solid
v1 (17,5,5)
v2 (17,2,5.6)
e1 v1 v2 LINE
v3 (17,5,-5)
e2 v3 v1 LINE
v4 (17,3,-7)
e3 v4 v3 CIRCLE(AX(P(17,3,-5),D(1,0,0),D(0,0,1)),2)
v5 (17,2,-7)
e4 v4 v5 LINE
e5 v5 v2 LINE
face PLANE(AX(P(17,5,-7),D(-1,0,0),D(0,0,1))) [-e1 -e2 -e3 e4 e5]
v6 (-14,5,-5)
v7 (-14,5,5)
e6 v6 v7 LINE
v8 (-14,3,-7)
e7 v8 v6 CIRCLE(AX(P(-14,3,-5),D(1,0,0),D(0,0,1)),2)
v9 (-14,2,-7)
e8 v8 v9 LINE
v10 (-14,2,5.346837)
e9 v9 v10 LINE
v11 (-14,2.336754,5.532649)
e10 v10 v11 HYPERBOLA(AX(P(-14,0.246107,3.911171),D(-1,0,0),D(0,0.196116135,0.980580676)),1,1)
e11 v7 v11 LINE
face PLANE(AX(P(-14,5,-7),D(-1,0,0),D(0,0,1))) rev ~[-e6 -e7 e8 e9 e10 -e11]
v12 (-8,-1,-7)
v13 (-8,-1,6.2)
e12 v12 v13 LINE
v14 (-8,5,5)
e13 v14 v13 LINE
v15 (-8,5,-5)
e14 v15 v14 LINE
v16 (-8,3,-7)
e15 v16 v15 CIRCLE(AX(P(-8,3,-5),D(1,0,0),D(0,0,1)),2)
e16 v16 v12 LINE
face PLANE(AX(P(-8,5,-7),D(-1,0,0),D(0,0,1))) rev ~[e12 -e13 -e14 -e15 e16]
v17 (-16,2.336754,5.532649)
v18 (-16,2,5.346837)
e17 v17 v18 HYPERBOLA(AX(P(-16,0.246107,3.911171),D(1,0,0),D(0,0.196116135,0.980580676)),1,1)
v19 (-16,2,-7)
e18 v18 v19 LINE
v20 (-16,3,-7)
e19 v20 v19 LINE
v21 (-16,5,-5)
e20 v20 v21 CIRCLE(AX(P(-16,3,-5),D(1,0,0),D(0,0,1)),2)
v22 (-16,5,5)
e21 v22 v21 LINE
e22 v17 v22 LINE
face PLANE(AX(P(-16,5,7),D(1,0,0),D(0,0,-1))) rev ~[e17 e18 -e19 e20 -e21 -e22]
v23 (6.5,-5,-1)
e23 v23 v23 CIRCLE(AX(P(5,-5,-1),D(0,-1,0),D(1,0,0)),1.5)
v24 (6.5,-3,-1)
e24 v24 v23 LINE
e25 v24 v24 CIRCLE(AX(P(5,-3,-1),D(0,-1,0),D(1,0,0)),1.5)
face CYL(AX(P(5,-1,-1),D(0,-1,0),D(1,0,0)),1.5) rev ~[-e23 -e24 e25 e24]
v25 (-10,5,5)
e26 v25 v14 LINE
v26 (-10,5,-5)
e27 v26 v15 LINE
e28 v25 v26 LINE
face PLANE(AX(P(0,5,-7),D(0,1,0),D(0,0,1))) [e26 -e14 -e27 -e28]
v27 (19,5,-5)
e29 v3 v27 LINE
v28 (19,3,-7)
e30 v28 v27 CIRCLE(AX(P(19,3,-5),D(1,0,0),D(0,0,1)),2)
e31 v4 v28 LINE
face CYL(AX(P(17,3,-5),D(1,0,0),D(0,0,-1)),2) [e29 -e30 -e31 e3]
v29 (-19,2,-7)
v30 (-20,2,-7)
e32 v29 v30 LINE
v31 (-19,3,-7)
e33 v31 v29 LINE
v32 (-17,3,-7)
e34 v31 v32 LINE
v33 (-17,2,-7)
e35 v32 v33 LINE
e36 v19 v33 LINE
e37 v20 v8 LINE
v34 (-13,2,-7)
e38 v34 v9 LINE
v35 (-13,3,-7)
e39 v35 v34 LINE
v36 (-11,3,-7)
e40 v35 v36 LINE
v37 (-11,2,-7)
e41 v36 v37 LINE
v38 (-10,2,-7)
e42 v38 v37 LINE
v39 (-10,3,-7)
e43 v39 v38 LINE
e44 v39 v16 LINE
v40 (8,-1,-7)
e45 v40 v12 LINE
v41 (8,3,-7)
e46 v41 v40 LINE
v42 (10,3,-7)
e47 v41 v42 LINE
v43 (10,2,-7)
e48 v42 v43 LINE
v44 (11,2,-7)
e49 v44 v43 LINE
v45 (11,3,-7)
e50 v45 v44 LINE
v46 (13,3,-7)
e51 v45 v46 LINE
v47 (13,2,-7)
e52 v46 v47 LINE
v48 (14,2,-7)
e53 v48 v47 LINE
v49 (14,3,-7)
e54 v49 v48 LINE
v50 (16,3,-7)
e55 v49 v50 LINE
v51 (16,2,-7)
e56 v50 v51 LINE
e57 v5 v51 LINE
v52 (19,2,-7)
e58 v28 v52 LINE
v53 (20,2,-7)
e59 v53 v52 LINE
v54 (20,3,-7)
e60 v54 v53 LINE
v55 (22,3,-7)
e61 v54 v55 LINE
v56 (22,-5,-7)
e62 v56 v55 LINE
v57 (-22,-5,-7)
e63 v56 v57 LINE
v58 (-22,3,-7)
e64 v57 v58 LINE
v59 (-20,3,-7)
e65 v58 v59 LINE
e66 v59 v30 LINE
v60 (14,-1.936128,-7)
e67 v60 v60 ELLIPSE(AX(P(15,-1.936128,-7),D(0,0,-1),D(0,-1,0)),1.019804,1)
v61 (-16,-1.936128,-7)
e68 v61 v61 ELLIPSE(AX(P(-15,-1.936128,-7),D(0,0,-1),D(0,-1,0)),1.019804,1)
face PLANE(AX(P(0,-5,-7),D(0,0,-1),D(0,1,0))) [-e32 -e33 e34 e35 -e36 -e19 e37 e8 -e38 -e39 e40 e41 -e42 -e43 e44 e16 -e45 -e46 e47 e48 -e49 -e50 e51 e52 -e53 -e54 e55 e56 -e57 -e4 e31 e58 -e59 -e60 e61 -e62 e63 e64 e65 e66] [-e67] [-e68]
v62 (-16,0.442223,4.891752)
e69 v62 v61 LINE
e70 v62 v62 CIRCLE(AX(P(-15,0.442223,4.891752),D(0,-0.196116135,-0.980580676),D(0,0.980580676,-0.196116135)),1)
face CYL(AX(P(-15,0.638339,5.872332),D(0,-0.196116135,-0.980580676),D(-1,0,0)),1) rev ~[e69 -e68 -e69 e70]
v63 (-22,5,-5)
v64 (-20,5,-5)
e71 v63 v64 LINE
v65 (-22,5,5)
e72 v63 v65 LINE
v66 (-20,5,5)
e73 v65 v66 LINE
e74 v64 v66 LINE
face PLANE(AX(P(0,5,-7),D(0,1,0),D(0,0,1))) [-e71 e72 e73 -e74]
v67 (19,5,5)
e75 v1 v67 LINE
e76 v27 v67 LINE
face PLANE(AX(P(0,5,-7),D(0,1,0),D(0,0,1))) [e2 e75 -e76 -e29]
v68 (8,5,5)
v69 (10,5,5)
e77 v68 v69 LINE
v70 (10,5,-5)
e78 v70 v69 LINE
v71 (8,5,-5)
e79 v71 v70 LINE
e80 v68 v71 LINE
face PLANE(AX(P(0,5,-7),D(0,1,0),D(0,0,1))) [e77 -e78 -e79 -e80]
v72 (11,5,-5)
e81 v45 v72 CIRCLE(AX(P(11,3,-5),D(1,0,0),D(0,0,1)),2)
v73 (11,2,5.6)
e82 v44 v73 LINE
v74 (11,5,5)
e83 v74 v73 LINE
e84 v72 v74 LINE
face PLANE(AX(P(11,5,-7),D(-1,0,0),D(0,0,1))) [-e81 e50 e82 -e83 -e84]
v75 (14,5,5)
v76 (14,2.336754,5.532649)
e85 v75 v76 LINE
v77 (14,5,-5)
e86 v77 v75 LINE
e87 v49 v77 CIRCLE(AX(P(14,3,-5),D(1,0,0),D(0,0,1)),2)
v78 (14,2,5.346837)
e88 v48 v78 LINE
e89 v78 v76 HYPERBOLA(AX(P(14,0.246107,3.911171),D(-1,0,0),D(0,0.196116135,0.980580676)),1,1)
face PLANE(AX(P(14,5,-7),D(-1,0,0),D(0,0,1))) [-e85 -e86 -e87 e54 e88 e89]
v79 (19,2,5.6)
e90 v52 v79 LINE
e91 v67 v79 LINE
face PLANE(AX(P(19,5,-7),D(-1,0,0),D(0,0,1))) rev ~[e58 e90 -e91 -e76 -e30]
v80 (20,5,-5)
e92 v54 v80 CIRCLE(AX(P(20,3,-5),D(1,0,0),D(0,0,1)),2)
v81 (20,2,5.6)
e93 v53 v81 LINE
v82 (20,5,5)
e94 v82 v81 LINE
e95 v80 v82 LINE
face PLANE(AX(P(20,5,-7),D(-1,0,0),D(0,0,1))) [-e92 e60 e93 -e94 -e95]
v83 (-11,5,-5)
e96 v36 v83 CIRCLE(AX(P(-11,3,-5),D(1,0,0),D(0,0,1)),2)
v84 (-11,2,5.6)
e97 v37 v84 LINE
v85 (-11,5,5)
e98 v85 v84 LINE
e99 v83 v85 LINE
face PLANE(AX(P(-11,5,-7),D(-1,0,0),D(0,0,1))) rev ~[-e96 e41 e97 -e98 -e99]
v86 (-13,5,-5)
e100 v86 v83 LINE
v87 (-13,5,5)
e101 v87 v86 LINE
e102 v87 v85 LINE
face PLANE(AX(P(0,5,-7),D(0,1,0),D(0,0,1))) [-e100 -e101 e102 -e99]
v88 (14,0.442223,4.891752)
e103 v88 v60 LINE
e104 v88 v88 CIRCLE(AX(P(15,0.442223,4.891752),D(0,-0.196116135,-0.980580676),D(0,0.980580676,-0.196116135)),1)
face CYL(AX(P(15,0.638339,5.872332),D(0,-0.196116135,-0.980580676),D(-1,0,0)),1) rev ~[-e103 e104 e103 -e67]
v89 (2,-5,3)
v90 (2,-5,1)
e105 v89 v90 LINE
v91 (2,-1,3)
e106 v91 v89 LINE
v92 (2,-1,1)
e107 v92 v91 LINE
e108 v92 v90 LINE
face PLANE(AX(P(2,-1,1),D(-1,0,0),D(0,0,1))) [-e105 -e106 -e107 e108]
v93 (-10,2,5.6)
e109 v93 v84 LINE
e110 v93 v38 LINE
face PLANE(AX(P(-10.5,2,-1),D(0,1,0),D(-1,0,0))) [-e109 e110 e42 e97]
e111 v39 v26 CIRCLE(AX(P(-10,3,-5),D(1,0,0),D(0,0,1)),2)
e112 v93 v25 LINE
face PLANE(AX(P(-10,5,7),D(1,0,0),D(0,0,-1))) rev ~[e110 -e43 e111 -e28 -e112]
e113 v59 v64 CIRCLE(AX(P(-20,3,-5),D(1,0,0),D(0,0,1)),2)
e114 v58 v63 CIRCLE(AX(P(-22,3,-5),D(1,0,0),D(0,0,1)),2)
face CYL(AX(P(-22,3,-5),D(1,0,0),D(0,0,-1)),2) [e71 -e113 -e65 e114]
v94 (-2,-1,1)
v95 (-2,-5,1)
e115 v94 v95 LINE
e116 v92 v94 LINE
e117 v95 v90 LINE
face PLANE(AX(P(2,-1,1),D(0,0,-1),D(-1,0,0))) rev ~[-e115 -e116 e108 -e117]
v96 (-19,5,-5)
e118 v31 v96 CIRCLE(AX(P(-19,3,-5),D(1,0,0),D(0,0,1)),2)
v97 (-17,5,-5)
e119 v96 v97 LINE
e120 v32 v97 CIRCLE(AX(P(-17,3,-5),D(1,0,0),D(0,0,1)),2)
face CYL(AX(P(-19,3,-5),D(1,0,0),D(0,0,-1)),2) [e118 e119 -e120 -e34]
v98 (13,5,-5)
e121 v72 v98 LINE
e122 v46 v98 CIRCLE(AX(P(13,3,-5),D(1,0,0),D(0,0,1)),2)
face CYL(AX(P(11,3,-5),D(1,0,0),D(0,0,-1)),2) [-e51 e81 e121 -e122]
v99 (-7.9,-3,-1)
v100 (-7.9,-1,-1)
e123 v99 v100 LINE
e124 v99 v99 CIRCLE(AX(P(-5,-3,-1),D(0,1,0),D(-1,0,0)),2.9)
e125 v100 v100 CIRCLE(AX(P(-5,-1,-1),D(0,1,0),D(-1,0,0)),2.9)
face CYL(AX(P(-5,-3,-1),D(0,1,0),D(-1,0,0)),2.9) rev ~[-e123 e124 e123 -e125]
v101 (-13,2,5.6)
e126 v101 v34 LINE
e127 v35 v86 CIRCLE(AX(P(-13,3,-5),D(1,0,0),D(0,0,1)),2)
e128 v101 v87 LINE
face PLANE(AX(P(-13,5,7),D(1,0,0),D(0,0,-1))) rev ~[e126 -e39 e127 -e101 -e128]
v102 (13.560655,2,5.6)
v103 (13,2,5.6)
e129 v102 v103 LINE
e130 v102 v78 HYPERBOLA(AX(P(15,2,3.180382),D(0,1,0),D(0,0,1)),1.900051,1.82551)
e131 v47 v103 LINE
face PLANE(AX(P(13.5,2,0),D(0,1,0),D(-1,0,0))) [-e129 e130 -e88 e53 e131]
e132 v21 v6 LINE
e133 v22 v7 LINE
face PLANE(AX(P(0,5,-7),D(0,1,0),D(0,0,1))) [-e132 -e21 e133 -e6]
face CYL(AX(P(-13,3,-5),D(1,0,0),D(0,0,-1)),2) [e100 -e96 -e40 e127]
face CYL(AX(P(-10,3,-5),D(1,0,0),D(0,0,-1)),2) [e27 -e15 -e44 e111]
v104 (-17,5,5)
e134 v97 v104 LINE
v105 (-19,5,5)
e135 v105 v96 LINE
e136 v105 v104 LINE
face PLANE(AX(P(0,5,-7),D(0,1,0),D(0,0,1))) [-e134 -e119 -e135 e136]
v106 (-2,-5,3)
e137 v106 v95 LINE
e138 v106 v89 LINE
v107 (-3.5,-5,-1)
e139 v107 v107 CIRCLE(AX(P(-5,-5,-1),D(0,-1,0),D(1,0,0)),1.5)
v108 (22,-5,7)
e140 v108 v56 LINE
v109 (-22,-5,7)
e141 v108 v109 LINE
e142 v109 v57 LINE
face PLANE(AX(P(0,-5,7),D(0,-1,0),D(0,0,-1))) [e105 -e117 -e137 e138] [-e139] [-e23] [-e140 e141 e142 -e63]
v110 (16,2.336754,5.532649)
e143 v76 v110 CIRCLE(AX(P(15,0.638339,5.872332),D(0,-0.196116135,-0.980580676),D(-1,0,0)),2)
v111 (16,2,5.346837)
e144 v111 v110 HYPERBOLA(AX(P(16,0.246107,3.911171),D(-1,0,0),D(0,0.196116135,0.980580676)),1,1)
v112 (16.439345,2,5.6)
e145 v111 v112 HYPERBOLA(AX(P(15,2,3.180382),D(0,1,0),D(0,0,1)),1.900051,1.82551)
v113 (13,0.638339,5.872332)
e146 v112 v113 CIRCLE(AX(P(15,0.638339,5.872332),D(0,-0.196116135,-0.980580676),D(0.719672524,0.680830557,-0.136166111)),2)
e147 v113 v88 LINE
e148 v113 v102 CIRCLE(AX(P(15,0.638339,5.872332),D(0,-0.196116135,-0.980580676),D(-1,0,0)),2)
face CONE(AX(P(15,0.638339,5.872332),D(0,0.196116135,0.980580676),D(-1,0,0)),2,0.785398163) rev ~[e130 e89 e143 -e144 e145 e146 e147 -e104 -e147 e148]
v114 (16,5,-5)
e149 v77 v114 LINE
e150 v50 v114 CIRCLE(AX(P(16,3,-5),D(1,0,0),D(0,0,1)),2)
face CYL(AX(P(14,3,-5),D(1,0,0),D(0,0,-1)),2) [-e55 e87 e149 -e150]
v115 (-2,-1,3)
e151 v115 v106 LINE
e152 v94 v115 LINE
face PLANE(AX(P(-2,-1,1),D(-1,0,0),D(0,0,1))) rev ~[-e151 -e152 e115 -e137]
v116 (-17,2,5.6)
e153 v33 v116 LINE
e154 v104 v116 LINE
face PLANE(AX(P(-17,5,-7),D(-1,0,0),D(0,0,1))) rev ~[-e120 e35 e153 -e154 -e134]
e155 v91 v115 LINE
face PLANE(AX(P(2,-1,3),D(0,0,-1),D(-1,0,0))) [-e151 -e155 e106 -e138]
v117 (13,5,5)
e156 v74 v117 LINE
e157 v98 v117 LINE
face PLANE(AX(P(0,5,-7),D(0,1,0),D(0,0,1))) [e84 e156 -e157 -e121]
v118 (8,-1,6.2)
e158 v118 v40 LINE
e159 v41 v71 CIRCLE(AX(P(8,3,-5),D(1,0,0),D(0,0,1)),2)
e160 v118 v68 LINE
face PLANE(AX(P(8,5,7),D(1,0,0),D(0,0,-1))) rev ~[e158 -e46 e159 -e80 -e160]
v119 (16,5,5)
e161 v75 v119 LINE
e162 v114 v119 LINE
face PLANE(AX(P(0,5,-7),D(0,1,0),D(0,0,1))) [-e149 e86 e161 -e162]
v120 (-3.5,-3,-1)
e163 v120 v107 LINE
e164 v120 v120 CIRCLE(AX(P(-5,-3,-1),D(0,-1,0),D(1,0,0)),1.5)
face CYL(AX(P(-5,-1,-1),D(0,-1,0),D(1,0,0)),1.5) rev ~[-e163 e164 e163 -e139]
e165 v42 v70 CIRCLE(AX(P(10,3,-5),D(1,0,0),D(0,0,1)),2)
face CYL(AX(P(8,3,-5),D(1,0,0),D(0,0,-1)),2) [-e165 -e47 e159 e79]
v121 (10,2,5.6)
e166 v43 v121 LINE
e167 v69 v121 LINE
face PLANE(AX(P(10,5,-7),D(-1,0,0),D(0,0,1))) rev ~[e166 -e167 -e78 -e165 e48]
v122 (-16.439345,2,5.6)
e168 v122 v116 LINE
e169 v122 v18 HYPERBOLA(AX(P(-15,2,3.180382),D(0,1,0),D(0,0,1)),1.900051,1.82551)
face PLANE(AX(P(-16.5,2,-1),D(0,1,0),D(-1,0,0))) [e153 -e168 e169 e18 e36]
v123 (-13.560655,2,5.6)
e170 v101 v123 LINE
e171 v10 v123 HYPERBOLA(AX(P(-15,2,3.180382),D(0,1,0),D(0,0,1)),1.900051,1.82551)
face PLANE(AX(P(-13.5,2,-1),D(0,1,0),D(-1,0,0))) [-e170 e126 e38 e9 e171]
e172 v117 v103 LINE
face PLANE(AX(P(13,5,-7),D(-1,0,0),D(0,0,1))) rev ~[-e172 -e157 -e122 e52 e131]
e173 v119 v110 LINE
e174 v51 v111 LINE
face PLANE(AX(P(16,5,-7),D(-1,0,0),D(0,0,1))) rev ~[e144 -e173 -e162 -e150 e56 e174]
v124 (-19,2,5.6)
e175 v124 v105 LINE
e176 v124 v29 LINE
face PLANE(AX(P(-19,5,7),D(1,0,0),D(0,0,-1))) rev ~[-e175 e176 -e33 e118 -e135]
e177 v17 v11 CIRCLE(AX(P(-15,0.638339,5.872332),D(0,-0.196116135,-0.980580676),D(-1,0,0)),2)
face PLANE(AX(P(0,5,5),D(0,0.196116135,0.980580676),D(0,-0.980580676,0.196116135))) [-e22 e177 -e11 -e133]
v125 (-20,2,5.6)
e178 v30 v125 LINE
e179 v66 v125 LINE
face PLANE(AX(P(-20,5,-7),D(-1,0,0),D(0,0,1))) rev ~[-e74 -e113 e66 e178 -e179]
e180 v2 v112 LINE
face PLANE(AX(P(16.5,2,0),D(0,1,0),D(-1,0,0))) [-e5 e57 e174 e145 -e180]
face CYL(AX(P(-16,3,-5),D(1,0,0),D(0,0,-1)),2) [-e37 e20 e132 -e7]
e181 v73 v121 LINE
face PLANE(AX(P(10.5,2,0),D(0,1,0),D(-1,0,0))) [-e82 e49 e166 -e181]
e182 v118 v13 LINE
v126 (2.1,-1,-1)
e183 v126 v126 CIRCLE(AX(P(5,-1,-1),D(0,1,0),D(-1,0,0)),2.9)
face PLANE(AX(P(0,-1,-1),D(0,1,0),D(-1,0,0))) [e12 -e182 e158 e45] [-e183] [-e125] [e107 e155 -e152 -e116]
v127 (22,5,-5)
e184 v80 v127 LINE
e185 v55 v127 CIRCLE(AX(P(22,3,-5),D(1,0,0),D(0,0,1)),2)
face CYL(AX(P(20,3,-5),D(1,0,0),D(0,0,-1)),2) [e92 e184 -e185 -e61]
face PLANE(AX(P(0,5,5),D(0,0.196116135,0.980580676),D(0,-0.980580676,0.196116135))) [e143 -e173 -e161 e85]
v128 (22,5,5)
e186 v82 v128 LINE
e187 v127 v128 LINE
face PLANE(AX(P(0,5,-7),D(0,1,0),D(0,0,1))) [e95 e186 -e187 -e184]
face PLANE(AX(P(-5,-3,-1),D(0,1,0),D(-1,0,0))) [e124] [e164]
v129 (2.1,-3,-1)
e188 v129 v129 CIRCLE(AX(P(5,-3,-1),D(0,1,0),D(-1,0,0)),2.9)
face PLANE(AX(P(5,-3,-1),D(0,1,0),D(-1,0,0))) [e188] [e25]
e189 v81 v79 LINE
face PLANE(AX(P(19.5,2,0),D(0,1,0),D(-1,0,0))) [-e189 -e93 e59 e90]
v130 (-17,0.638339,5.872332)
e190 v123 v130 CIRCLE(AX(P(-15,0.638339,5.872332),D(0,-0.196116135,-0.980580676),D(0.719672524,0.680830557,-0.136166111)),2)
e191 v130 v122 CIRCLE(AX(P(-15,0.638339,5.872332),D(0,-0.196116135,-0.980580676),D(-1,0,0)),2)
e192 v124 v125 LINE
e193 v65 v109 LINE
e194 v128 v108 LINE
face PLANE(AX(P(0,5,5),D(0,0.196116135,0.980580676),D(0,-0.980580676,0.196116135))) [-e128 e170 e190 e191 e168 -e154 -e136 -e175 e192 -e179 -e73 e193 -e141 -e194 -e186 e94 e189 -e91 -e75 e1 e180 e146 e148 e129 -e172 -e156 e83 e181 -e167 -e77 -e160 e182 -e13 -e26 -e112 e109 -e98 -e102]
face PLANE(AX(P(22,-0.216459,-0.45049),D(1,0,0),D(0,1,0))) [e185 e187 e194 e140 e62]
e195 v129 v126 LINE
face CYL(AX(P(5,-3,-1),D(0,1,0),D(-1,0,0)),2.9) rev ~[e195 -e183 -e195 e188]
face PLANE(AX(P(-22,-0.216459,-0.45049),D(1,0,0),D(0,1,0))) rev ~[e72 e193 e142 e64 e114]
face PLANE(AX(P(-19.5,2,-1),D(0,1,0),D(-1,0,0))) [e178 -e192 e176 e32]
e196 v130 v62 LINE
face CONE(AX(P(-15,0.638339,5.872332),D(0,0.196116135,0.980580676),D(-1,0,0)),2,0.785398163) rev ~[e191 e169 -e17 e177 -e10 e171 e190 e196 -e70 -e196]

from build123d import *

# Parameters (mm, degrees)
F1_DEPTH        = 22
F2_W            = 16
F2_H            = 12
F2_H_2          = 2
F3_DEPTH        = 6
F4_W            = 1
F4_H            = 14
F4_H_2          = 12
F4_H_3          = 2
F5_DEPTH        = 3
F6_R            = 2
F8_D            = 2
F8_DEPTH        = 15
F8_CSINK_D      = 4
F8_CSINK_ANGLE  = 90
F8_TIP          = 0.600860619
F9_W            = 4
F9_H            = 2
F10_DEPTH       = 25
F11_D           = 3
F11_DEPTH       = 15
F11_CBORE_D     = 5.8
F11_CBORE_DEPTH = 2
F11_TIP         = 0.9012909285


with BuildPart() as f1:
    # F0 (on Right) → F1 (new body, symmetric)
    with BuildSketch(Plane.YZ):
        Polygon((-5, -7), (5, -7), (5, 5), (-5, 7), align=None)
    extrude(amount=F1_DEPTH, both=True)

    # F2 (on face) → F3 (cut)
    with BuildSketch(Plane(origin=(0, 5, 0), x_dir=(-1, 0, 0), z_dir=(0, 1, 0))):
        with Locations((0, -1)):
            Rectangle(F2_W, F2_H)
        with Locations((0, 6)):
            Rectangle(F2_W, F2_H_2)
    extrude(amount=-F3_DEPTH, mode=Mode.SUBTRACT)

    # F4 (on face) → F5 (cut)
    with BuildSketch(Plane(origin=(0, 5, 0), x_dir=(-1, 0, 0), z_dir=(0, 1, 0))):
        with Locations((-10.5, 0)):
            Rectangle(F4_W, F4_H)
        with Locations((-13.5, 0)):
            Rectangle(F4_W, F4_H)
        with Locations((-16.5, 0)):
            Rectangle(F4_W, F4_H)
        with Locations((-19.5, 0)):
            Rectangle(F4_W, F4_H)
        with Locations((10.5, -1)):
            Rectangle(F4_W, F4_H_2)
        with Locations((13.5, -1)):
            Rectangle(F4_W, F4_H_2)
        with Locations((16.5, -1)):
            Rectangle(F4_W, F4_H_2)
        with Locations((19.5, -1)):
            Rectangle(F4_W, F4_H_2)
        with Locations((19.5, 6)):
            Rectangle(F4_W, F4_H_3)
        with Locations((16.5, 6)):
            Rectangle(F4_W, F4_H_3)
        with Locations((13.5, 6)):
            Rectangle(F4_W, F4_H_3)
        with Locations((10.5, 6)):
            Rectangle(F4_W, F4_H_3)
    extrude(amount=-F5_DEPTH, mode=Mode.SUBTRACT)

    # F6
    f6_edges = [f1.edges().sort_by_distance(p)[0] for p in [
        (21, 5, -7),
        (18, 5, -7),
        (15, 5, -7),
        (12, 5, -7),
        (9, 5, -7),
        (-9, 5, -7),
        (-12, 5, -7),
        (-15, 5, -7),
        (-18, 5, -7),
        (-21, 5, -7),
    ]]
    fillet(f6_edges, radius=F6_R)

    # F8
    with Locations(Plane(origin=(0, 1.1538461538, 5.7692307692), x_dir=(1, 0, 0), z_dir=(0, 0.1961161351, 0.9805806757))):
        with Locations((15, -0.5257163244), (-15, -0.5257163244)):
            CounterSinkHole(F8_D / 2, F8_CSINK_D / 2, depth=F8_DEPTH, counter_sink_angle=F8_CSINK_ANGLE)
            with Locations((0, 0, -(F8_DEPTH + F8_TIP / 2))):  # 118° drill point
                Cone(0, F8_D / 2, F8_TIP, mode=Mode.SUBTRACT)

    # F9 (on face) → F10 (cut)
    with BuildSketch(Plane(origin=(0, -1, 0), x_dir=(-1, 0, 0), z_dir=(0, 1, 0))):
        with Locations((0, 2)):
            Rectangle(F9_W, F9_H)
    extrude(amount=-F10_DEPTH, mode=Mode.SUBTRACT)

    # F11
    with Locations(Plane(origin=(0, -1, 0), x_dir=(-1, 0, 0), z_dir=(0, 1, 0))):
        with Locations((-5, -1), (5, -1)):
            CounterBoreHole(F11_D / 2, F11_CBORE_D / 2, F11_CBORE_DEPTH, depth=F11_DEPTH)
            with Locations((0, 0, -(F11_DEPTH + F11_TIP / 2))):  # 118° drill point
                Cone(0, F11_D / 2, F11_TIP, mode=Mode.SUBTRACT)


solid = f1.part
